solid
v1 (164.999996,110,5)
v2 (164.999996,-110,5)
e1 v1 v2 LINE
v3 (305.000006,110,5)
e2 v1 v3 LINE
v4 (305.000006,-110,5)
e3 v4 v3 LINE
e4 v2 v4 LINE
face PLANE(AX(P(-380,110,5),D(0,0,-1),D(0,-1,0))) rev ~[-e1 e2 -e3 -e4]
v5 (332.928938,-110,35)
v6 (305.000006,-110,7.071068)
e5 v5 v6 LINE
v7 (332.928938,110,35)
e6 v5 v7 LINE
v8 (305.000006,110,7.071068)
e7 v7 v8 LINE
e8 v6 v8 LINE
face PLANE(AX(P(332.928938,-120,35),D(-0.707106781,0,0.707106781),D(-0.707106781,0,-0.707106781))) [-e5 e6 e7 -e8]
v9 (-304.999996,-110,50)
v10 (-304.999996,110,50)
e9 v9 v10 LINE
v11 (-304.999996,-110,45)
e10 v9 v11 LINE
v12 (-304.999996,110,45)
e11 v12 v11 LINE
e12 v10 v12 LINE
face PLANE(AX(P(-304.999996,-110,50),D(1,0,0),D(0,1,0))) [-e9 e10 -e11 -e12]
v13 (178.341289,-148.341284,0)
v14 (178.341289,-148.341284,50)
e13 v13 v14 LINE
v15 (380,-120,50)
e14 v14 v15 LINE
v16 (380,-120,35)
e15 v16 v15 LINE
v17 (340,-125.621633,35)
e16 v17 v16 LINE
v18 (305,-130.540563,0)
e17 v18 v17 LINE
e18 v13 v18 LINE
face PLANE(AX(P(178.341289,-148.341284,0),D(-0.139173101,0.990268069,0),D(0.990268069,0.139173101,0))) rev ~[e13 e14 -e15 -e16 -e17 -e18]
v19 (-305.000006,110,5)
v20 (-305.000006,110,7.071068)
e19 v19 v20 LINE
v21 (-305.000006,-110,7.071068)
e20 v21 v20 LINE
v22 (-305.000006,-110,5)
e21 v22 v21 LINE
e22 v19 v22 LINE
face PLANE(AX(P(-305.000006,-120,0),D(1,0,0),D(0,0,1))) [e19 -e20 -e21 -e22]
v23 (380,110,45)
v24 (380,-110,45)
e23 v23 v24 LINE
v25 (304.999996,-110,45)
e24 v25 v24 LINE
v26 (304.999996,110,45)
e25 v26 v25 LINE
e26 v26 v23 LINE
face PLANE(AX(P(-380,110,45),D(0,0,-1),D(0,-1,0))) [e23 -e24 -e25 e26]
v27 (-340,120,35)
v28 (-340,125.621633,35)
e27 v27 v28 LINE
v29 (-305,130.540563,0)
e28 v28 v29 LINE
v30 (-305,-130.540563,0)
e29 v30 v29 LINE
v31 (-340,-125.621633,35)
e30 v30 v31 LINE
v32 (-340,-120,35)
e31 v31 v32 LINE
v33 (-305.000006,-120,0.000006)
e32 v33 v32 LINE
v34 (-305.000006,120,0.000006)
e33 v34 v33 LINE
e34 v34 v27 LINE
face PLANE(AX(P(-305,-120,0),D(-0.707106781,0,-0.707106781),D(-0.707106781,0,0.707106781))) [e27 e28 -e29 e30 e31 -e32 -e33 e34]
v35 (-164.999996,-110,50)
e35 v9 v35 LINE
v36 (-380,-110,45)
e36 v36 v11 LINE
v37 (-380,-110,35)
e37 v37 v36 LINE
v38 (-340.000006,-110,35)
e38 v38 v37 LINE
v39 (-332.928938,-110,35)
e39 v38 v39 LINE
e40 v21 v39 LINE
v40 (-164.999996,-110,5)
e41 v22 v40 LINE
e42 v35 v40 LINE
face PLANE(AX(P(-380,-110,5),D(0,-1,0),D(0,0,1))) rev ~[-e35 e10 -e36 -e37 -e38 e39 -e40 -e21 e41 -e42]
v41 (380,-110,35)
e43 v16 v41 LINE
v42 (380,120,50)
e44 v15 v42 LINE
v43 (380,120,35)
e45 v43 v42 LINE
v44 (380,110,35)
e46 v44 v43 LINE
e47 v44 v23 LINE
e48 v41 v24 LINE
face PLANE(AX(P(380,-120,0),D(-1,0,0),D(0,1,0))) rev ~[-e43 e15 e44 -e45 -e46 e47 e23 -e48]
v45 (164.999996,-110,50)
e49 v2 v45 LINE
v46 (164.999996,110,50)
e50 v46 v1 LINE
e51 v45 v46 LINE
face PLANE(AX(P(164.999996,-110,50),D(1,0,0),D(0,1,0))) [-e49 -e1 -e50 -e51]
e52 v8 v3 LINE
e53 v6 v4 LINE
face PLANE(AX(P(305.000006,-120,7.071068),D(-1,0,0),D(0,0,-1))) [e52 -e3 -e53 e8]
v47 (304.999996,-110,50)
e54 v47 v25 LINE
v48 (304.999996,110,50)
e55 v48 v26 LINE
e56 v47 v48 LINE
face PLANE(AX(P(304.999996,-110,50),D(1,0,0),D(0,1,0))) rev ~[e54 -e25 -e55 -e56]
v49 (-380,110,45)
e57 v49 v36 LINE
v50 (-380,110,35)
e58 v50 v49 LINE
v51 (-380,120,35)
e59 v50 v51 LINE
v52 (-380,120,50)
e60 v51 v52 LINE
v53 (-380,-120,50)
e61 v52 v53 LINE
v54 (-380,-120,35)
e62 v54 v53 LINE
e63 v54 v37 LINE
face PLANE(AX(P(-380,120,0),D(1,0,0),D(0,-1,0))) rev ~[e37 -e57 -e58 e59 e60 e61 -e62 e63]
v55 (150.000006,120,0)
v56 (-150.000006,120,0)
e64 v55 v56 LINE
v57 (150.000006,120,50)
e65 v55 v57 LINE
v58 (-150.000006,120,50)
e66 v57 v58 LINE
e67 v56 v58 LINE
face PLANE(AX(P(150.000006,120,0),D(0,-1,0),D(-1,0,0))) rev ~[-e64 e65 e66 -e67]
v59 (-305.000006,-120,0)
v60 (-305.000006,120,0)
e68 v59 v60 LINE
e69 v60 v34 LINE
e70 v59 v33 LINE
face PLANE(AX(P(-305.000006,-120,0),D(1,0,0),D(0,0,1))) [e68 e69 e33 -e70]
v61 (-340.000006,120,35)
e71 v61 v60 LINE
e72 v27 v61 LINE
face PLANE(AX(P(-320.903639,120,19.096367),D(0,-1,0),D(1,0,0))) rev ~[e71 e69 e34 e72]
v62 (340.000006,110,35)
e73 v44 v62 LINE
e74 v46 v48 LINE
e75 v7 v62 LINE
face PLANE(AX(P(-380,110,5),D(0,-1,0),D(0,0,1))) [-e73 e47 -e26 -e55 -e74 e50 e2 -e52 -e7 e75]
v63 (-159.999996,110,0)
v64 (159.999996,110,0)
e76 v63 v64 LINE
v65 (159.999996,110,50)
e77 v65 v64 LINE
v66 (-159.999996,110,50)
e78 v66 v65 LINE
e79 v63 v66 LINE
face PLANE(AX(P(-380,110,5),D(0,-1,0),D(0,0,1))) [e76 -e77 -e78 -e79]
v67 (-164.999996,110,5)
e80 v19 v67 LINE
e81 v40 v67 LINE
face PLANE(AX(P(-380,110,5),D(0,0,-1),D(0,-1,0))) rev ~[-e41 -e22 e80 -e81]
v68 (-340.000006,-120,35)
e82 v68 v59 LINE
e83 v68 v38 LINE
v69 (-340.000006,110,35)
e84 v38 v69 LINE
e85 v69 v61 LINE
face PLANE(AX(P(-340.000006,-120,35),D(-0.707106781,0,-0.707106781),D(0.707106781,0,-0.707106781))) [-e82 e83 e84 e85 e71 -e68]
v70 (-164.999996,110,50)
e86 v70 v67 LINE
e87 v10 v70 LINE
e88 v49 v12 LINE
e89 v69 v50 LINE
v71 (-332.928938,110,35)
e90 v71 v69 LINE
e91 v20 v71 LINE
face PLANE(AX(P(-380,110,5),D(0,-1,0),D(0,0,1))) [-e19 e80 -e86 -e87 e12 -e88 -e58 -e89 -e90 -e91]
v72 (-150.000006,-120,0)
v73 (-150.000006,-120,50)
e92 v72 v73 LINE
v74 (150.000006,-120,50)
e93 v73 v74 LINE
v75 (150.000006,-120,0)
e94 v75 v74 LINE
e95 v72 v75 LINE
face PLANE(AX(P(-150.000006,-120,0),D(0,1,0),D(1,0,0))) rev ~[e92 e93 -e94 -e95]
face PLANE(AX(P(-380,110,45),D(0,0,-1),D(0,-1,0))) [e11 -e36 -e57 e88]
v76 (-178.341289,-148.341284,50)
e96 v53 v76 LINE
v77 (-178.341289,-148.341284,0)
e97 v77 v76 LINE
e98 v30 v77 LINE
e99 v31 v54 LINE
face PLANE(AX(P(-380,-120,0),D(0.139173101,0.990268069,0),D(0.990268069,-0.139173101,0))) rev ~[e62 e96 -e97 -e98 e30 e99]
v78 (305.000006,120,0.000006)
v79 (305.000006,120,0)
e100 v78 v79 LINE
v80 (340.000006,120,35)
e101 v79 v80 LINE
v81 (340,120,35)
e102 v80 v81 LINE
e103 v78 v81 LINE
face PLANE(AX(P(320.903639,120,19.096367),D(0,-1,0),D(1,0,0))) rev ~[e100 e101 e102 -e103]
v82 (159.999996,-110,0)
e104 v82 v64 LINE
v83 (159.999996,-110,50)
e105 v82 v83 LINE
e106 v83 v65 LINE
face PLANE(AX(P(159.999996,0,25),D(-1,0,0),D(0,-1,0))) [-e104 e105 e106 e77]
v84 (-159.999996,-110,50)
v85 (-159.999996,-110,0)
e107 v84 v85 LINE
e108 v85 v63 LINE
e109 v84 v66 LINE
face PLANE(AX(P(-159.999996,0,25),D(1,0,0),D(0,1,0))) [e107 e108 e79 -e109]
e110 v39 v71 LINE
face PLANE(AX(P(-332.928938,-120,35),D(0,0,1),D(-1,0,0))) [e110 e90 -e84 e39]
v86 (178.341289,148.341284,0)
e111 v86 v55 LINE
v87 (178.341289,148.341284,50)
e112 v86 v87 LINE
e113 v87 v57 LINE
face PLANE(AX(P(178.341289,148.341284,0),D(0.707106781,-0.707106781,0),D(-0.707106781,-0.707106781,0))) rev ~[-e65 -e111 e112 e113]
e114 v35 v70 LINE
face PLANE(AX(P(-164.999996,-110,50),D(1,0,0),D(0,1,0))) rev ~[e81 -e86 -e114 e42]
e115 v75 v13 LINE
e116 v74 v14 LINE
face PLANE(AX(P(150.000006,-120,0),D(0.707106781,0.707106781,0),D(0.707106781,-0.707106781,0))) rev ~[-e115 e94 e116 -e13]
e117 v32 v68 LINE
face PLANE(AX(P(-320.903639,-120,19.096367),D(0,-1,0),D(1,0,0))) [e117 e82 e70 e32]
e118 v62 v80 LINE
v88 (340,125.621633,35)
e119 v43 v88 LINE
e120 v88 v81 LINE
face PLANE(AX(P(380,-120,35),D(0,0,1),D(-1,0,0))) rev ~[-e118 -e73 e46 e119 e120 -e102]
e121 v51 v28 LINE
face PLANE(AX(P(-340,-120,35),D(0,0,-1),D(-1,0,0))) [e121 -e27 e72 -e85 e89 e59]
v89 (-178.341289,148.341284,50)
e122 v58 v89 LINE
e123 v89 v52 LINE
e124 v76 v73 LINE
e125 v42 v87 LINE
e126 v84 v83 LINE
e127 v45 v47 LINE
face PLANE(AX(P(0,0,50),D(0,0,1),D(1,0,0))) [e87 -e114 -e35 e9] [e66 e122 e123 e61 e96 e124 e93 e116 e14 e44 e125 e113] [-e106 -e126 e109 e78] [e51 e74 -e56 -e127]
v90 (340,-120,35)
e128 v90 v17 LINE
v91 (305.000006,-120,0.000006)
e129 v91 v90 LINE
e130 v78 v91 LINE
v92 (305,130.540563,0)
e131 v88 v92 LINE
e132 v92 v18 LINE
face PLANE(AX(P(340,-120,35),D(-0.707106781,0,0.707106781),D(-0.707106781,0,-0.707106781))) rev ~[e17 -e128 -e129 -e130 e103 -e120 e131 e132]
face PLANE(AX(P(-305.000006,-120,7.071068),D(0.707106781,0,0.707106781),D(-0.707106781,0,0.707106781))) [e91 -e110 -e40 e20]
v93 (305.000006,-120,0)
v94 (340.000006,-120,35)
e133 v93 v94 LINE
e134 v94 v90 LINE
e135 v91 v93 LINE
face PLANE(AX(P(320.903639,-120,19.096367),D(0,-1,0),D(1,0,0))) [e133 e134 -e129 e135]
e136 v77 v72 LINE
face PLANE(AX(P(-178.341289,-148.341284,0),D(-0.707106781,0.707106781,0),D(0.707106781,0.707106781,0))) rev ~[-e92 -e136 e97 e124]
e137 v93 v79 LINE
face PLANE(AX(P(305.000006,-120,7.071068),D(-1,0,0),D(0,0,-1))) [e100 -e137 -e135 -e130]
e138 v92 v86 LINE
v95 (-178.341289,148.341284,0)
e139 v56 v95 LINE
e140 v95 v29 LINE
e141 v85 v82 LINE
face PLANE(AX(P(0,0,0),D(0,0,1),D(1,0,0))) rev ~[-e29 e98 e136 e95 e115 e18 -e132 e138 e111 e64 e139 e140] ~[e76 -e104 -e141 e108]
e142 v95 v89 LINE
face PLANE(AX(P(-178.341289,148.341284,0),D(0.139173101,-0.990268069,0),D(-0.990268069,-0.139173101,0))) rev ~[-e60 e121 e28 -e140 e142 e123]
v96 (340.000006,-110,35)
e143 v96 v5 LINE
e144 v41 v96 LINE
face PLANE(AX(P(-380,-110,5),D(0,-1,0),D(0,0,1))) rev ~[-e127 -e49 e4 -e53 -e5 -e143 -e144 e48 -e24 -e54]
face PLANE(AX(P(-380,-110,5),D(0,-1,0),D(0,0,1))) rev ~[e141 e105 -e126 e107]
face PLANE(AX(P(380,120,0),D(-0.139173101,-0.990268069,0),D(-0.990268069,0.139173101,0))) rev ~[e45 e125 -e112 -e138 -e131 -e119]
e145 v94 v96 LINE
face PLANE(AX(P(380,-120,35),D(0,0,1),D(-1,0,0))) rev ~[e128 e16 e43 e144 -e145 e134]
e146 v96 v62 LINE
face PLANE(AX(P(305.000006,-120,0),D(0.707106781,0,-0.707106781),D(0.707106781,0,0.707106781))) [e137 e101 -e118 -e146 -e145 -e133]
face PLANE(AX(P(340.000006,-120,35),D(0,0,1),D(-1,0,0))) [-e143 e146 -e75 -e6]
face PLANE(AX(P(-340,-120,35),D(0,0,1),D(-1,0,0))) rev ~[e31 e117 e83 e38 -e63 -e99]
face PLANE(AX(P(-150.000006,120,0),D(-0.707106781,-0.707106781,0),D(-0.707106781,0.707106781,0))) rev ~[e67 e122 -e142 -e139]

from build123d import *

# Parameters (mm, degrees)
F1_DEPTH  = 50
F3_W      = 220
F3_H      = 40
F4_DEPTH  = 760
F5_DEPTH  = 240
F6_W      = 319.9999928474
F6_H      = 220
F6_W_2    = 280
F6_H_2    = 180
F7_DEPTH  = 50
F8_DEPTH  = 435.9292732552
F9_W      = 140
F9_H      = 220
F10_DEPTH = 10
F12_DEPTH = 240
F13_DEPTH = 25
F14_DEPTH = 25
F16_W     = 220
F16_H     = 40
F17_DEPTH = 5
F15_W     = 220
F15_H     = 40
F18_DEPTH = 5


with BuildPart() as f1:
    # F0 (on Top) → F1 (new body)
    with BuildSketch(Plane.XY):
        Polygon((-178.3412894642, 148.3412835037), (-380, 120), (-380, -120), (-178.3412894642, -148.3412835037), (-150.0000059605, -120), (150.0000059605, -120), (178.3412894642, -148.3412835037), (380, -120), (380, 120), (178.3412894642, 148.3412835037), (150.0000059605, 120), (-150.0000059605, 120), align=None)
    extrude(amount=F1_DEPTH)

    # F3 (on face) → F4 (cut)
    with BuildSketch(Plane(origin=(-380, 0, 0), x_dir=(0, -1, 0), z_dir=(-1, 0, 0))):
        with Locations((0, 25)):
            Rectangle(F3_W, F3_H)
    extrude(amount=-F4_DEPTH, mode=Mode.SUBTRACT)

    # F2 (on face) → F5 (cut)
    with BuildSketch(Plane.XZ.offset(120)):
        Polygon((305, 0), (380, 0), (380, 35), (340, 35), align=None)
        Polygon((-340, 35), (-380, 35), (-380, 0), (-305, 0), align=None)
    extrude(amount=-F5_DEPTH, mode=Mode.SUBTRACT)

    # F6 (on face) → F7 (cut)
    with BuildSketch(Plane.XY.offset(50)):
        Rectangle(F6_W, F6_H)
        Rectangle(F6_W_2, F6_H_2, mode=Mode.SUBTRACT)
    extrude(amount=-F7_DEPTH, mode=Mode.SUBTRACT)

    # F2 (on face) → F8 (cut, symmetric)
    with BuildSketch(Plane.XZ.offset(120)):
        Polygon((-340, 35), (-380, 35), (-380, 0), (-305, 0), align=None)
        Polygon((305, 0), (380, 0), (380, 35), (340, 35), align=None)
    extrude(amount=F8_DEPTH, both=True, mode=Mode.SUBTRACT)

    # F9 (on face) → F10 (cut)
    with BuildSketch(Plane.XY.offset(50)):
        with Locations((-234.9999964237, 0)):
            Rectangle(F9_W, F9_H)
        with Locations((234.9999964237, 0)):
            Rectangle(F9_W, F9_H)
    extrude(amount=-F10_DEPTH, mode=Mode.SUBTRACT)

    # F11 (on face) → F12 (join)
    with BuildSketch(Plane.XZ.offset(120)):
        Polygon((-305.0000059605, 0), (-305.0000059605, 7.0710678119), (-332.9289381486, 35), (-340.0000059605, 35), align=None)
        Polygon((340.0000059605, 35), (332.9289381486, 35), (305.0000059605, 7.0710678119), (305.0000059605, 0), align=None)
    extrude(amount=-F12_DEPTH)

    # F13 (cut): a face of the model
    f13_faces = [f1.faces().sort_by_distance(p)[0] for p in [
        (0, 0, 50),
    ]]
    extrude(f13_faces, amount=-F13_DEPTH, mode=Mode.SUBTRACT)

    # F14 (cut): a face of the model
    f14_faces = [f1.faces().sort_by_distance(p)[0] for p in [
        (0, 0, 0),
    ]]
    extrude(f14_faces, amount=-F14_DEPTH, mode=Mode.SUBTRACT)

    # F16 (on face) → F17 (join)
    with BuildSketch(Plane.YZ.offset(-159.9999964237)):
        with Locations((0, 25)):
            Rectangle(F16_W, F16_H)
    extrude(amount=-F17_DEPTH)

    # F15 (on face) → F18 (join)
    with BuildSketch(Plane(origin=(159.9999964237, 0, 0), x_dir=(0, -1, 0), z_dir=(-1, 0, 0))):
        with Locations((0, 25)):
            Rectangle(F15_W, F15_H)
    extrude(amount=-F18_DEPTH)


solid = f1.part
